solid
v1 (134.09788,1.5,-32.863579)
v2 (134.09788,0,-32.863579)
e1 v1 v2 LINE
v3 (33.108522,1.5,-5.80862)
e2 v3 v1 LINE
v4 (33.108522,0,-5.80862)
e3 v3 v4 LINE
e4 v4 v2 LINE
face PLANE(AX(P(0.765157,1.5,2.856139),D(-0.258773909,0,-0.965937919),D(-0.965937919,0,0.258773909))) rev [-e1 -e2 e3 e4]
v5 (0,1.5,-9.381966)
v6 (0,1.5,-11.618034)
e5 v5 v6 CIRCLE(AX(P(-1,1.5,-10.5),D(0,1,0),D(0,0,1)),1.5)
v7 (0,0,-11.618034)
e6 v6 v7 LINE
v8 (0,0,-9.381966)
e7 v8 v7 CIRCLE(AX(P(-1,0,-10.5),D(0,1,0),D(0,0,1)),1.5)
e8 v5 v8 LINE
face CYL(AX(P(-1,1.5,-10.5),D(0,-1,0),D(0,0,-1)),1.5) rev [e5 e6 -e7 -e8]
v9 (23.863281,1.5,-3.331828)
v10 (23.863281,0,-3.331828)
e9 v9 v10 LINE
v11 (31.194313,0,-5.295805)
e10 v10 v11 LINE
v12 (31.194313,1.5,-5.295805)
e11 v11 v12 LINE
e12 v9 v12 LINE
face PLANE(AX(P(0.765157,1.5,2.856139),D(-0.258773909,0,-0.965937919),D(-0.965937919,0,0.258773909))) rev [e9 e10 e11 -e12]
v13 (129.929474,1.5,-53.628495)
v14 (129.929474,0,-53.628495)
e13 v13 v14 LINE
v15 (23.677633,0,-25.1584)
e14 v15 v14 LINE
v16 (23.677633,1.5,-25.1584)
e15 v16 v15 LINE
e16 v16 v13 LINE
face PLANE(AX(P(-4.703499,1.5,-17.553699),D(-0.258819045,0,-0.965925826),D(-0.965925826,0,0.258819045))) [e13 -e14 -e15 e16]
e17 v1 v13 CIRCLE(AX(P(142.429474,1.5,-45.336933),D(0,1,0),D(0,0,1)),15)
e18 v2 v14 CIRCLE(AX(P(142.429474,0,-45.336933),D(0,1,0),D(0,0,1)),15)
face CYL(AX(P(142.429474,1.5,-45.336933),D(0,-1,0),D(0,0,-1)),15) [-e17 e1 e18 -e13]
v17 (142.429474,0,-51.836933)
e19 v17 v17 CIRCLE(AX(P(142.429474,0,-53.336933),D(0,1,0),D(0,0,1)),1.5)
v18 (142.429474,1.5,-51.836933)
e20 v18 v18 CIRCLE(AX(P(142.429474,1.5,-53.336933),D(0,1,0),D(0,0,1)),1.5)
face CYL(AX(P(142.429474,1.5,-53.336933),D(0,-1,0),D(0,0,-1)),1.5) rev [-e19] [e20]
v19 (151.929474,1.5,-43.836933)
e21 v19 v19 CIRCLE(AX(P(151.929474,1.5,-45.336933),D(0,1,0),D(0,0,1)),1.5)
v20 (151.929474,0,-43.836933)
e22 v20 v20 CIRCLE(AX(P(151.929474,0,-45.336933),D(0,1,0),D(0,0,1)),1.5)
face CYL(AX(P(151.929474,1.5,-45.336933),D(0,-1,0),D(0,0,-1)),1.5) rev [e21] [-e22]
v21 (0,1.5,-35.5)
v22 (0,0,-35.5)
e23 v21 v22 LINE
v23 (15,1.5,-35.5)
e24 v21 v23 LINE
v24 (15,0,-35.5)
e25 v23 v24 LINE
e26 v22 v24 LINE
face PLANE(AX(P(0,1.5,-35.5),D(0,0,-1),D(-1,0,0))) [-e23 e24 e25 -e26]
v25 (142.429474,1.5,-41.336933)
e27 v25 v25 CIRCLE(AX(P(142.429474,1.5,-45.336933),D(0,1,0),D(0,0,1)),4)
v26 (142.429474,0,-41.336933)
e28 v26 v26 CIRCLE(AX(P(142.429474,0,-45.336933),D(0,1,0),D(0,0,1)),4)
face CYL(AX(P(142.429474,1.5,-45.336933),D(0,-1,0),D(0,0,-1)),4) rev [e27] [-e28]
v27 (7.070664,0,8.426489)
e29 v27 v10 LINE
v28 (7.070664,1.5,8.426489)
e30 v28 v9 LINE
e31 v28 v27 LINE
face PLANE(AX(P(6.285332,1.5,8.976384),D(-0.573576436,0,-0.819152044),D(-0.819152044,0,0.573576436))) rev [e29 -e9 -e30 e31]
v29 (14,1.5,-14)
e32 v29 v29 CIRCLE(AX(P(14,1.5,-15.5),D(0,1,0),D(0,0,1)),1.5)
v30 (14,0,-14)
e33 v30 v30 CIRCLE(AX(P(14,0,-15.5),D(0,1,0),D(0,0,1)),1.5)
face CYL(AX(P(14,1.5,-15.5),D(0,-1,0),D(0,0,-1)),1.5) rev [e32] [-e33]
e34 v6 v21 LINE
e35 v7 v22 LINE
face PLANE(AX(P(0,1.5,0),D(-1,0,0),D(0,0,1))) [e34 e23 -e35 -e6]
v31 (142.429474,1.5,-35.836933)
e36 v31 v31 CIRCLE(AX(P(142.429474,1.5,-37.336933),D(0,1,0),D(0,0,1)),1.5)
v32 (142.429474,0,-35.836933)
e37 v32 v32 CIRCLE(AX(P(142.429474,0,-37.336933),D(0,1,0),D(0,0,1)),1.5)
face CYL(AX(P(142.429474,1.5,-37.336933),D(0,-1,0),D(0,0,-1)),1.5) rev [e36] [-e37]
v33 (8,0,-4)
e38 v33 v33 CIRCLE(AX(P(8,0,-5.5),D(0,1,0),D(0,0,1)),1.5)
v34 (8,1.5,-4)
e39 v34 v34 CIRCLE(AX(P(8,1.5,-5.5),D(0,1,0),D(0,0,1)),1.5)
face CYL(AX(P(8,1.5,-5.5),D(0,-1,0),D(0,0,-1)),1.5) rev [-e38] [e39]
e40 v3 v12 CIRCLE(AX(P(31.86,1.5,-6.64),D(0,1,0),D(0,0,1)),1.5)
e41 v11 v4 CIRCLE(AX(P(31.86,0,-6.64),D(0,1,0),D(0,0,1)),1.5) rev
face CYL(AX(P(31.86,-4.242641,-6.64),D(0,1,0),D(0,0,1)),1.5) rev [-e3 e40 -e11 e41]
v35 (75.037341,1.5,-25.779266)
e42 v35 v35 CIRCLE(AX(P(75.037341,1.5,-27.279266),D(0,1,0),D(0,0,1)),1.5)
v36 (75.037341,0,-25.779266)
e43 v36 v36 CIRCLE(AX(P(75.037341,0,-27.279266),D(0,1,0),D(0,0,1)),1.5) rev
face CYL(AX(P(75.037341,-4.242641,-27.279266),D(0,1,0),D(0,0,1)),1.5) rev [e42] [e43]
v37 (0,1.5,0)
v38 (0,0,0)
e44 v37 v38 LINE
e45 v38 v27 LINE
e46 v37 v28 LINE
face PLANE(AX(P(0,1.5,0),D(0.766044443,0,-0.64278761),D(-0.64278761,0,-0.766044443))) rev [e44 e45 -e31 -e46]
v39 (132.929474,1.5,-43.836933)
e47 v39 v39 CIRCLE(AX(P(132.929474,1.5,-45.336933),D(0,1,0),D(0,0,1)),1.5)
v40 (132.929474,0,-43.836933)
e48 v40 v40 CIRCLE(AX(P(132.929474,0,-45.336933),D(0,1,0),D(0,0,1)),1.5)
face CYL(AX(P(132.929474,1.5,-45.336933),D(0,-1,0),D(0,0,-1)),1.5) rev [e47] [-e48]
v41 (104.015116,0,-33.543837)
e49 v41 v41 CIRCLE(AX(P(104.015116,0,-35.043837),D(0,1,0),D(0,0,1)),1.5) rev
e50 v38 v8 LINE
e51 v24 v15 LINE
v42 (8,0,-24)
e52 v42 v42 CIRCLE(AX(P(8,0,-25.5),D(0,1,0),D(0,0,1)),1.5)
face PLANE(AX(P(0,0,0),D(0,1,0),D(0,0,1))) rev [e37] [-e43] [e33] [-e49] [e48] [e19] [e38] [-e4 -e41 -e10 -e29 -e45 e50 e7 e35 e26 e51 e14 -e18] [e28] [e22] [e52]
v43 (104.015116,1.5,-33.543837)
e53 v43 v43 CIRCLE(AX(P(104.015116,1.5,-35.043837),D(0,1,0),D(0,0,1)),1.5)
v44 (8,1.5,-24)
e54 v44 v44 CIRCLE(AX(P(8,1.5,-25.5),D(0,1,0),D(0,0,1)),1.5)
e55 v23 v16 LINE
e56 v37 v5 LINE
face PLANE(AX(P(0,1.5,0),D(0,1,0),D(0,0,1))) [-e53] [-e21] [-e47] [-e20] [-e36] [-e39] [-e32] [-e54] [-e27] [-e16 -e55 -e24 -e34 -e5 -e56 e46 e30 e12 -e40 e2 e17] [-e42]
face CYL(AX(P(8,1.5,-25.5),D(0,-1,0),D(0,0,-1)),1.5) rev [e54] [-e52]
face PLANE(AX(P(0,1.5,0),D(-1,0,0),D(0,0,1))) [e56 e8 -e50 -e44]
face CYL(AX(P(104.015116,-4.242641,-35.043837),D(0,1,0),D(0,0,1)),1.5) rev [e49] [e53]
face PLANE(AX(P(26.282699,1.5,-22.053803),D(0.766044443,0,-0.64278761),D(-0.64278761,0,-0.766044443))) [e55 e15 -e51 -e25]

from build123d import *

# Parameters (mm, degrees)
SKETCH2_R           = 4
SKETCH2_R_2         = 1.5
BOSS_EXTRUDE1_DEPTH = 1.5
SKETCH3_R           = 1.5
CUT_EXTRUDE1_DEPTH  = 1.5
SKETCH4_R           = 1.5
CUT_EXTRUDE2_DEPTH  = 1.5


with BuildPart() as part:
    # Sketch2 → Boss-Extrude1 (new body)
    with BuildSketch(Plane(origin=(0, 0, 0), x_dir=(1, 0, 0), z_dir=(0, 1, 0))):
        with BuildLine():
            Line((0, 0), (0, 9.381966011))
            ThreePointArc((0, 9.381966011), (0.5, 10.5), (0, 11.618033989))
            Line((0, 11.618033989), (0, 35.5))
            Line((0, 35.5), (15, 35.5))
            Line((15, 35.5), (23.677632731, 25.158400018))
            Line((23.677632731, 25.158400018), (129.929473623, 53.628494979))
            ThreePointArc((129.929473623, 53.628494979), (157.136079306, 48.289177788), (134.097880355, 32.863579259))
            Line((134.097880355, 32.863579259), (23.863280614, 3.331828071))
            Line((23.863280614, 3.331828071), (7.070663707, -8.426488874))
            Line((7.070663707, -8.426488874), (0, 0))
        make_face()
        with Locations(Location((142.429473623, 45.336933003, 0), (0, 0, 270))):
            Circle(SKETCH2_R, mode=Mode.SUBTRACT)
        with Locations(Location((8, 25.5, 0), (0, 0, 270))):
            Circle(SKETCH2_R_2, mode=Mode.SUBTRACT)
        with Locations(Location((14, 15.5, 0), (0, 0, 270))):
            Circle(SKETCH2_R_2, mode=Mode.SUBTRACT)
        with Locations(Location((8, 5.5, 0), (0, 0, 270))):
            Circle(SKETCH2_R_2, mode=Mode.SUBTRACT)
        with Locations(Location((142.429473623, 53.336933003, 0), (0, 0, 270))):
            Circle(SKETCH2_R_2, mode=Mode.SUBTRACT)
        with Locations(Location((151.929473623, 45.336933003, 0), (0, 0, 270))):
            Circle(SKETCH2_R_2, mode=Mode.SUBTRACT)
        with Locations(Location((142.429473623, 37.336933003, 0), (0, 0, 270))):
            Circle(SKETCH2_R_2, mode=Mode.SUBTRACT)
        with Locations(Location((132.929473623, 45.336933003, 0), (0, 0, 270))):
            Circle(SKETCH2_R_2, mode=Mode.SUBTRACT)
    extrude(amount=BOSS_EXTRUDE1_DEPTH)

    # Sketch3 → Cut-Extrude1 (cut)
    with BuildSketch(Plane(origin=(0, 1.5, 0), x_dir=(1, 0, 0), z_dir=(0, 1, 0))):
        with Locations((31.86, 6.64)):
            Circle(SKETCH3_R)
    extrude(amount=-CUT_EXTRUDE1_DEPTH, mode=Mode.SUBTRACT)

    # Sketch4 → Cut-Extrude2 (cut)
    with BuildSketch(Plane(origin=(0, 1.5, 0), x_dir=(1, 0, 0), z_dir=(0, 1, 0))):
        with Locations(Location((75.037341097, 27.279265517, 0), (0, 0, 270))):
            Circle(SKETCH4_R)
        with Locations(Location((104.015115886, 35.04383687, 0), (0, 0, 270))):
            Circle(SKETCH4_R)
    extrude(amount=-CUT_EXTRUDE2_DEPTH, mode=Mode.SUBTRACT)


solid = part.part
